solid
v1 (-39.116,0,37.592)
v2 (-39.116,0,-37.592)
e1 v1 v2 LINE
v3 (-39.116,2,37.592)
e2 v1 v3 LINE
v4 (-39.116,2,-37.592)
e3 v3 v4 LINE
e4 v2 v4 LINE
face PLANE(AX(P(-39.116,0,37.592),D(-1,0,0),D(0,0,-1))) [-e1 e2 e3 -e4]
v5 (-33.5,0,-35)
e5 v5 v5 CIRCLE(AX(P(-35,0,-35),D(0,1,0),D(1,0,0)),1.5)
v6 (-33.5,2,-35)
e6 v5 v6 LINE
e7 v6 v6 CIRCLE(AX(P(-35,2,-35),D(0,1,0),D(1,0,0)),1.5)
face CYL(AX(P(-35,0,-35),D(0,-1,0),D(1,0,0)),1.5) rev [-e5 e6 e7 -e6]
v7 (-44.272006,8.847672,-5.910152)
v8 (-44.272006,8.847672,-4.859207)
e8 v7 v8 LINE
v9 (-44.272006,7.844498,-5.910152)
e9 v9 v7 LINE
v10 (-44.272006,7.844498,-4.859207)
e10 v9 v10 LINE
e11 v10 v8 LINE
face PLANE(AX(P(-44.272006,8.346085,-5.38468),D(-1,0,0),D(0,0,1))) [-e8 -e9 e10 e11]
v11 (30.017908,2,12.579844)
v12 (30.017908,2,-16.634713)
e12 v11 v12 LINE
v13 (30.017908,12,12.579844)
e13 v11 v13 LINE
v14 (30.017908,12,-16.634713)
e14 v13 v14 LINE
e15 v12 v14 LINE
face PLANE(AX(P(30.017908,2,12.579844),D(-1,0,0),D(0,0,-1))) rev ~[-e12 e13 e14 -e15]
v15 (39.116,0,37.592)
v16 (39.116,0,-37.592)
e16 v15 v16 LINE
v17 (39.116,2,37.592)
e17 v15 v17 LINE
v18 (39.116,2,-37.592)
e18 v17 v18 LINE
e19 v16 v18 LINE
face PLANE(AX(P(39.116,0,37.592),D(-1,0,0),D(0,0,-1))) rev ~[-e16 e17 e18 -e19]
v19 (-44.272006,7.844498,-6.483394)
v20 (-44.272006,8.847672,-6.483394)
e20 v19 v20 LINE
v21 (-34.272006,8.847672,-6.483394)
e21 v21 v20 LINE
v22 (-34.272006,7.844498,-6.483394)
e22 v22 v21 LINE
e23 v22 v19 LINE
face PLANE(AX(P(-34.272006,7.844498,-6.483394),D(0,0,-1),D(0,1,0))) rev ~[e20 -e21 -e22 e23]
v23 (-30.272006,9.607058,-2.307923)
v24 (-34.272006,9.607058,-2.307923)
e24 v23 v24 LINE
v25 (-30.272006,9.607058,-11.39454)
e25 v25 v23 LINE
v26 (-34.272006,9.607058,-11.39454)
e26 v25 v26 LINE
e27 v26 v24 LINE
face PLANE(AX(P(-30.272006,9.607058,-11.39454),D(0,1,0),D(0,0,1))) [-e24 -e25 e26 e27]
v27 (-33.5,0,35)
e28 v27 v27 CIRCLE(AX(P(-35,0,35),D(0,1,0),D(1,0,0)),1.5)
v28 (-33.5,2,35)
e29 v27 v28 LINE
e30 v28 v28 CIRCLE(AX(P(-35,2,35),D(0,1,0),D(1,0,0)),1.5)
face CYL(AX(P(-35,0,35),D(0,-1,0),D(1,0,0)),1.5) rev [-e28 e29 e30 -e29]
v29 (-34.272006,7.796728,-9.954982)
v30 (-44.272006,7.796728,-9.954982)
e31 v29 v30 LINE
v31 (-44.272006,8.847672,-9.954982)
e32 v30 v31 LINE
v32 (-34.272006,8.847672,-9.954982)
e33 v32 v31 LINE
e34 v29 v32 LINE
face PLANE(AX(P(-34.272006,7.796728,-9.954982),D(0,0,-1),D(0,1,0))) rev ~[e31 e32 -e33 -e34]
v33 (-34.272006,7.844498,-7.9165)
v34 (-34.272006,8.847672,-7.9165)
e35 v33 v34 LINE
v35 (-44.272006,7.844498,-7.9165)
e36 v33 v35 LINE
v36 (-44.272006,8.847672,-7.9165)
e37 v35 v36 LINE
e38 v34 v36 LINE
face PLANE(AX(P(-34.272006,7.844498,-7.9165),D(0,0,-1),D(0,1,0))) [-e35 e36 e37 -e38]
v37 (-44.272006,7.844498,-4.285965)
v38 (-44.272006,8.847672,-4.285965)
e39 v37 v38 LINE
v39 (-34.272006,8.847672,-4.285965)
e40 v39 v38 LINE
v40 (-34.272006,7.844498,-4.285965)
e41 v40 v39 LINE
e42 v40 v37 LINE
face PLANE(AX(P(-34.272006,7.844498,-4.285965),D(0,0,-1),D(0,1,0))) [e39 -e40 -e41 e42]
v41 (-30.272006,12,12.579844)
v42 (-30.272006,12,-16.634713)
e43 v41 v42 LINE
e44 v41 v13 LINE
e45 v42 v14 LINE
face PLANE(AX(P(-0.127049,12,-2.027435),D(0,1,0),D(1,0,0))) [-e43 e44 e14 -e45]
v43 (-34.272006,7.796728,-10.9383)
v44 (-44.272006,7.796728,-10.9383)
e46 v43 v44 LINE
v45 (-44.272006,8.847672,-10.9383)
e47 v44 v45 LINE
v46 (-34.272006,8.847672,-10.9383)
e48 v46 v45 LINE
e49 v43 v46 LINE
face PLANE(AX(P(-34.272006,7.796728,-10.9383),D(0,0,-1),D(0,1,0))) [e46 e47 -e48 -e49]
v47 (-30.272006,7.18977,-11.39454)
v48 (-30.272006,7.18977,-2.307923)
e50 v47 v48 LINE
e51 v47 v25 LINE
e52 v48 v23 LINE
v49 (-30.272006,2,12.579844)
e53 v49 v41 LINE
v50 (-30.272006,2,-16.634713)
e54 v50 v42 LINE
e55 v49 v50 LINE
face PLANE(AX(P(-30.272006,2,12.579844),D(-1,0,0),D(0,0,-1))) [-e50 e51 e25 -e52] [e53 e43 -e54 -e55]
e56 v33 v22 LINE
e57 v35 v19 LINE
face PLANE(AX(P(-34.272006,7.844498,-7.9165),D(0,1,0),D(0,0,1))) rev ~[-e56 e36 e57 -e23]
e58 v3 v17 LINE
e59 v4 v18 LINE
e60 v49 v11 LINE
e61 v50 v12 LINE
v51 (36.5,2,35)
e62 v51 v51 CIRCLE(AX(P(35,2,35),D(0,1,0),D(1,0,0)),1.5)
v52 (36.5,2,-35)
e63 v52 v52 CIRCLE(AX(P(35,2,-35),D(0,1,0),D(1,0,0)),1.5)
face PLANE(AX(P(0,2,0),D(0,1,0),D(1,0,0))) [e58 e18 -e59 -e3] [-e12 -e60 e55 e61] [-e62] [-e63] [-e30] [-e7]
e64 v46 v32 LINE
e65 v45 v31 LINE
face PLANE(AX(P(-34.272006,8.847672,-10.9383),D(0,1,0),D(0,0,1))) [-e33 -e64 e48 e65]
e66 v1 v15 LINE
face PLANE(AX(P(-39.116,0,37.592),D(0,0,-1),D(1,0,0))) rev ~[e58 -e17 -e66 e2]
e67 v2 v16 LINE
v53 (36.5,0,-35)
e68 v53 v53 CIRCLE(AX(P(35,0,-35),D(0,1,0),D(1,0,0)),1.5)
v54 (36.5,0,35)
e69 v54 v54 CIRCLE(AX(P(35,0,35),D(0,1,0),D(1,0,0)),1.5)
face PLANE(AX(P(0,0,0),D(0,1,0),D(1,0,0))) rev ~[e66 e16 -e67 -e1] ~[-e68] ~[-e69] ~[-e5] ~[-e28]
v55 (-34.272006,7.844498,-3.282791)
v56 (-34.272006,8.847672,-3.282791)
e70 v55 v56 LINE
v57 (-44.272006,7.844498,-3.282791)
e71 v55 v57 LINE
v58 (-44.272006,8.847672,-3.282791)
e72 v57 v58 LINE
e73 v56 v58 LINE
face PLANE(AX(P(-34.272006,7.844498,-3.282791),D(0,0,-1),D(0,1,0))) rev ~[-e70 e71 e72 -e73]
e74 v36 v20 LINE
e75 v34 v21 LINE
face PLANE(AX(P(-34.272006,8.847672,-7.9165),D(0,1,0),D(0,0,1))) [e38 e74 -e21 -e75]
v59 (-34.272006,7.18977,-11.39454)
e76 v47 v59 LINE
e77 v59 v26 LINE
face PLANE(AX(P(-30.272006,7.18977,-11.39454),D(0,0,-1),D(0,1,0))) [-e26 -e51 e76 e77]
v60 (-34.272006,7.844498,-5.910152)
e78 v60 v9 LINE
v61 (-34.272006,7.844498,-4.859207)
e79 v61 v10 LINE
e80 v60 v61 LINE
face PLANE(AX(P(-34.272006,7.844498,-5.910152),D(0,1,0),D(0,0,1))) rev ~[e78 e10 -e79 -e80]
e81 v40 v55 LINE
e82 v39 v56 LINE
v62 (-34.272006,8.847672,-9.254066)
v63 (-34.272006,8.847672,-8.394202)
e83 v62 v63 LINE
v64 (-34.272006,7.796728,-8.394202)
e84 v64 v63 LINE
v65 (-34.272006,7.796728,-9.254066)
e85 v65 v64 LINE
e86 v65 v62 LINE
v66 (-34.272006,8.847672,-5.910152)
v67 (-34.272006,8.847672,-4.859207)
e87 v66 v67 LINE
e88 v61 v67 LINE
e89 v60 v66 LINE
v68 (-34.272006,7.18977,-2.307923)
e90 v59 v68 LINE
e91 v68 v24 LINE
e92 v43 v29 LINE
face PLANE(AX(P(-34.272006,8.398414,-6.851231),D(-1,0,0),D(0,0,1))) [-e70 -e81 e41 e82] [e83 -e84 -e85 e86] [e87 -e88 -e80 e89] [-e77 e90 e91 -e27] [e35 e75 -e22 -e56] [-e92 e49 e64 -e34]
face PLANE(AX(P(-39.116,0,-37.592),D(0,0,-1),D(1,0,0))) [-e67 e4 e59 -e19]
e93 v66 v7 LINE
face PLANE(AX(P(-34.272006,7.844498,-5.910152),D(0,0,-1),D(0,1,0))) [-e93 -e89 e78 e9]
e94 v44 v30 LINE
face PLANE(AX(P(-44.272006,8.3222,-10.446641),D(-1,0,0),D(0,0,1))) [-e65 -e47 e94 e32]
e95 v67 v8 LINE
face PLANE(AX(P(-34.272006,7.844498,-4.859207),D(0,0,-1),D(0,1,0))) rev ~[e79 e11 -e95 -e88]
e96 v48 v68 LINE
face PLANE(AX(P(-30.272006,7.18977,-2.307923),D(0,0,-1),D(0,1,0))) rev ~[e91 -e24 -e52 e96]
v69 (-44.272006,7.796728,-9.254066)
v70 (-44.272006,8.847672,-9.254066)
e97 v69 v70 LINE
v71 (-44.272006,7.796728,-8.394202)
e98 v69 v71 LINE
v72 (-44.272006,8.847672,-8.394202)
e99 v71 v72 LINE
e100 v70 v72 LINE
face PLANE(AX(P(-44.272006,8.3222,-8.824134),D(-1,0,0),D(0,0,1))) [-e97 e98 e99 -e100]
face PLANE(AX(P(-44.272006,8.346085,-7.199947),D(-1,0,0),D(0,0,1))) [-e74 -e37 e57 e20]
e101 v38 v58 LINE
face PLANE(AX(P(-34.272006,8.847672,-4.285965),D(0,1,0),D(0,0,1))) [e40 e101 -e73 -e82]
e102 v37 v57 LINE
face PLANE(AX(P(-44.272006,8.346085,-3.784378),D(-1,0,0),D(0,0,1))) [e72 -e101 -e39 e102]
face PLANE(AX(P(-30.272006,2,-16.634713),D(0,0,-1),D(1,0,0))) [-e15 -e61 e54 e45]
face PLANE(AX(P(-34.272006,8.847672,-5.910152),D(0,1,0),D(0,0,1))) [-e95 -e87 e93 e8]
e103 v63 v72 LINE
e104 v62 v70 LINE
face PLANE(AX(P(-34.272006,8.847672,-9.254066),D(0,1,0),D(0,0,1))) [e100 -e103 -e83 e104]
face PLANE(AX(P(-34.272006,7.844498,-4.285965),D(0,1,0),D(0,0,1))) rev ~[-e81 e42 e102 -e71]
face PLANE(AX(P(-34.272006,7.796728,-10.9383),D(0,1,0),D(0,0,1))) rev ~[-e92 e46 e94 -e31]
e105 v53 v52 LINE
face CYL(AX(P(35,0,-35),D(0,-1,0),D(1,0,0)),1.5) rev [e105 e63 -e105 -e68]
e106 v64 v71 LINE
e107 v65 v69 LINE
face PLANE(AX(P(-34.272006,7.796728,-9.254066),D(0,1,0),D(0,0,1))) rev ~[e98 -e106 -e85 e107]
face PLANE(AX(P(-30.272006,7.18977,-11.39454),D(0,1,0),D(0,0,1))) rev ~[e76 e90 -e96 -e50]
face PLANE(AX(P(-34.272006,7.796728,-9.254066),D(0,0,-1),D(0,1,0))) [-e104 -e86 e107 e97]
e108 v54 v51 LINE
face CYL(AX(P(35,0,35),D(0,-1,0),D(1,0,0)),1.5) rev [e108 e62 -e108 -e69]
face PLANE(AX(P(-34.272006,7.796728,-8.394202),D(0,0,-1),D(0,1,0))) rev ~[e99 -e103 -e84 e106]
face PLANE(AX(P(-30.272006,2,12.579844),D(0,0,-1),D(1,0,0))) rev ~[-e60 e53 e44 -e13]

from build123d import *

# Parameters (mm, degrees)
SKETCH_2_W      = 78.232
SKETCH_2_H      = 75.184
SKETCH_2_R      = 1.5
EXTRUDE_1_DEPTH = 2
SKETCH_4_W      = 60.289914042
SKETCH_4_H      = 29.214557113
EXTRUDE_2_DEPTH = 10
SKETCH_5_W      = 9.086617177
SKETCH_5_H      = 2.41728743
EXTRUDE_3_DEPTH = 4
SKETCH_6_W      = 0.859863671
SKETCH_6_H      = 1.050944487
SKETCH_6_W_2    = 1.433106119
SKETCH_6_H_2    = 1.003174283
SKETCH_6_W_3    = 1.050944487
SKETCH_6_W_4    = 1.003174283
SKETCH_6_W_5    = 0.983317738
EXTRUDE_4_DEPTH = 10


with BuildPart() as part:
    # 草图2 → 凸台-拉伸1 (new body)
    with BuildSketch(Plane(origin=(0, 0, 0), x_dir=(1, 0, 0), z_dir=(0, 1, 0))):
        Rectangle(SKETCH_2_W, SKETCH_2_H)
        with Locations((35, -35)):
            Circle(SKETCH_2_R, mode=Mode.SUBTRACT)
        with Locations((35, 35)):
            Circle(SKETCH_2_R, mode=Mode.SUBTRACT)
        with Locations((-35, 35)):
            Circle(SKETCH_2_R, mode=Mode.SUBTRACT)
        with Locations((-35, -35)):
            Circle(SKETCH_2_R, mode=Mode.SUBTRACT)
    extrude(amount=EXTRUDE_1_DEPTH)

    # 草图4 → 凸台-拉伸2 (add)
    with BuildSketch(Plane(origin=(0, 2, 0), x_dir=(1, 0, 0), z_dir=(0, 1, 0))):
        with Locations((-0.127049012, 2.027434591)):
            Rectangle(SKETCH_4_W, SKETCH_4_H)
    extrude(amount=EXTRUDE_2_DEPTH)

    # 草图5 → 凸台-拉伸3 (add)
    with BuildSketch(Plane.ZY.offset(30.272006033)):
        with Locations((-6.851231395, 8.39841401)):
            Rectangle(SKETCH_5_W, SKETCH_5_H)
    extrude(amount=EXTRUDE_3_DEPTH)

    # 草图6 → 凸台-拉伸4 (add)
    with BuildSketch(Plane.ZY.offset(34.272006033)):
        with Locations((-8.824134234, 8.322199757)):
            Rectangle(SKETCH_6_W, SKETCH_6_H)
        with Locations((-7.199947299, 8.346084859)):
            Rectangle(SKETCH_6_W_2, SKETCH_6_H_2)
        with Locations((-5.384679549, 8.346084859)):
            Rectangle(SKETCH_6_W_3, SKETCH_6_H_2)
        with Locations((-3.784377716, 8.346084859)):
            Rectangle(SKETCH_6_W_4, SKETCH_6_H_2)
        with Locations((-10.446641143, 8.322199757)):
            Rectangle(SKETCH_6_W_5, SKETCH_6_H)
    extrude(amount=EXTRUDE_4_DEPTH)


solid = part.part
